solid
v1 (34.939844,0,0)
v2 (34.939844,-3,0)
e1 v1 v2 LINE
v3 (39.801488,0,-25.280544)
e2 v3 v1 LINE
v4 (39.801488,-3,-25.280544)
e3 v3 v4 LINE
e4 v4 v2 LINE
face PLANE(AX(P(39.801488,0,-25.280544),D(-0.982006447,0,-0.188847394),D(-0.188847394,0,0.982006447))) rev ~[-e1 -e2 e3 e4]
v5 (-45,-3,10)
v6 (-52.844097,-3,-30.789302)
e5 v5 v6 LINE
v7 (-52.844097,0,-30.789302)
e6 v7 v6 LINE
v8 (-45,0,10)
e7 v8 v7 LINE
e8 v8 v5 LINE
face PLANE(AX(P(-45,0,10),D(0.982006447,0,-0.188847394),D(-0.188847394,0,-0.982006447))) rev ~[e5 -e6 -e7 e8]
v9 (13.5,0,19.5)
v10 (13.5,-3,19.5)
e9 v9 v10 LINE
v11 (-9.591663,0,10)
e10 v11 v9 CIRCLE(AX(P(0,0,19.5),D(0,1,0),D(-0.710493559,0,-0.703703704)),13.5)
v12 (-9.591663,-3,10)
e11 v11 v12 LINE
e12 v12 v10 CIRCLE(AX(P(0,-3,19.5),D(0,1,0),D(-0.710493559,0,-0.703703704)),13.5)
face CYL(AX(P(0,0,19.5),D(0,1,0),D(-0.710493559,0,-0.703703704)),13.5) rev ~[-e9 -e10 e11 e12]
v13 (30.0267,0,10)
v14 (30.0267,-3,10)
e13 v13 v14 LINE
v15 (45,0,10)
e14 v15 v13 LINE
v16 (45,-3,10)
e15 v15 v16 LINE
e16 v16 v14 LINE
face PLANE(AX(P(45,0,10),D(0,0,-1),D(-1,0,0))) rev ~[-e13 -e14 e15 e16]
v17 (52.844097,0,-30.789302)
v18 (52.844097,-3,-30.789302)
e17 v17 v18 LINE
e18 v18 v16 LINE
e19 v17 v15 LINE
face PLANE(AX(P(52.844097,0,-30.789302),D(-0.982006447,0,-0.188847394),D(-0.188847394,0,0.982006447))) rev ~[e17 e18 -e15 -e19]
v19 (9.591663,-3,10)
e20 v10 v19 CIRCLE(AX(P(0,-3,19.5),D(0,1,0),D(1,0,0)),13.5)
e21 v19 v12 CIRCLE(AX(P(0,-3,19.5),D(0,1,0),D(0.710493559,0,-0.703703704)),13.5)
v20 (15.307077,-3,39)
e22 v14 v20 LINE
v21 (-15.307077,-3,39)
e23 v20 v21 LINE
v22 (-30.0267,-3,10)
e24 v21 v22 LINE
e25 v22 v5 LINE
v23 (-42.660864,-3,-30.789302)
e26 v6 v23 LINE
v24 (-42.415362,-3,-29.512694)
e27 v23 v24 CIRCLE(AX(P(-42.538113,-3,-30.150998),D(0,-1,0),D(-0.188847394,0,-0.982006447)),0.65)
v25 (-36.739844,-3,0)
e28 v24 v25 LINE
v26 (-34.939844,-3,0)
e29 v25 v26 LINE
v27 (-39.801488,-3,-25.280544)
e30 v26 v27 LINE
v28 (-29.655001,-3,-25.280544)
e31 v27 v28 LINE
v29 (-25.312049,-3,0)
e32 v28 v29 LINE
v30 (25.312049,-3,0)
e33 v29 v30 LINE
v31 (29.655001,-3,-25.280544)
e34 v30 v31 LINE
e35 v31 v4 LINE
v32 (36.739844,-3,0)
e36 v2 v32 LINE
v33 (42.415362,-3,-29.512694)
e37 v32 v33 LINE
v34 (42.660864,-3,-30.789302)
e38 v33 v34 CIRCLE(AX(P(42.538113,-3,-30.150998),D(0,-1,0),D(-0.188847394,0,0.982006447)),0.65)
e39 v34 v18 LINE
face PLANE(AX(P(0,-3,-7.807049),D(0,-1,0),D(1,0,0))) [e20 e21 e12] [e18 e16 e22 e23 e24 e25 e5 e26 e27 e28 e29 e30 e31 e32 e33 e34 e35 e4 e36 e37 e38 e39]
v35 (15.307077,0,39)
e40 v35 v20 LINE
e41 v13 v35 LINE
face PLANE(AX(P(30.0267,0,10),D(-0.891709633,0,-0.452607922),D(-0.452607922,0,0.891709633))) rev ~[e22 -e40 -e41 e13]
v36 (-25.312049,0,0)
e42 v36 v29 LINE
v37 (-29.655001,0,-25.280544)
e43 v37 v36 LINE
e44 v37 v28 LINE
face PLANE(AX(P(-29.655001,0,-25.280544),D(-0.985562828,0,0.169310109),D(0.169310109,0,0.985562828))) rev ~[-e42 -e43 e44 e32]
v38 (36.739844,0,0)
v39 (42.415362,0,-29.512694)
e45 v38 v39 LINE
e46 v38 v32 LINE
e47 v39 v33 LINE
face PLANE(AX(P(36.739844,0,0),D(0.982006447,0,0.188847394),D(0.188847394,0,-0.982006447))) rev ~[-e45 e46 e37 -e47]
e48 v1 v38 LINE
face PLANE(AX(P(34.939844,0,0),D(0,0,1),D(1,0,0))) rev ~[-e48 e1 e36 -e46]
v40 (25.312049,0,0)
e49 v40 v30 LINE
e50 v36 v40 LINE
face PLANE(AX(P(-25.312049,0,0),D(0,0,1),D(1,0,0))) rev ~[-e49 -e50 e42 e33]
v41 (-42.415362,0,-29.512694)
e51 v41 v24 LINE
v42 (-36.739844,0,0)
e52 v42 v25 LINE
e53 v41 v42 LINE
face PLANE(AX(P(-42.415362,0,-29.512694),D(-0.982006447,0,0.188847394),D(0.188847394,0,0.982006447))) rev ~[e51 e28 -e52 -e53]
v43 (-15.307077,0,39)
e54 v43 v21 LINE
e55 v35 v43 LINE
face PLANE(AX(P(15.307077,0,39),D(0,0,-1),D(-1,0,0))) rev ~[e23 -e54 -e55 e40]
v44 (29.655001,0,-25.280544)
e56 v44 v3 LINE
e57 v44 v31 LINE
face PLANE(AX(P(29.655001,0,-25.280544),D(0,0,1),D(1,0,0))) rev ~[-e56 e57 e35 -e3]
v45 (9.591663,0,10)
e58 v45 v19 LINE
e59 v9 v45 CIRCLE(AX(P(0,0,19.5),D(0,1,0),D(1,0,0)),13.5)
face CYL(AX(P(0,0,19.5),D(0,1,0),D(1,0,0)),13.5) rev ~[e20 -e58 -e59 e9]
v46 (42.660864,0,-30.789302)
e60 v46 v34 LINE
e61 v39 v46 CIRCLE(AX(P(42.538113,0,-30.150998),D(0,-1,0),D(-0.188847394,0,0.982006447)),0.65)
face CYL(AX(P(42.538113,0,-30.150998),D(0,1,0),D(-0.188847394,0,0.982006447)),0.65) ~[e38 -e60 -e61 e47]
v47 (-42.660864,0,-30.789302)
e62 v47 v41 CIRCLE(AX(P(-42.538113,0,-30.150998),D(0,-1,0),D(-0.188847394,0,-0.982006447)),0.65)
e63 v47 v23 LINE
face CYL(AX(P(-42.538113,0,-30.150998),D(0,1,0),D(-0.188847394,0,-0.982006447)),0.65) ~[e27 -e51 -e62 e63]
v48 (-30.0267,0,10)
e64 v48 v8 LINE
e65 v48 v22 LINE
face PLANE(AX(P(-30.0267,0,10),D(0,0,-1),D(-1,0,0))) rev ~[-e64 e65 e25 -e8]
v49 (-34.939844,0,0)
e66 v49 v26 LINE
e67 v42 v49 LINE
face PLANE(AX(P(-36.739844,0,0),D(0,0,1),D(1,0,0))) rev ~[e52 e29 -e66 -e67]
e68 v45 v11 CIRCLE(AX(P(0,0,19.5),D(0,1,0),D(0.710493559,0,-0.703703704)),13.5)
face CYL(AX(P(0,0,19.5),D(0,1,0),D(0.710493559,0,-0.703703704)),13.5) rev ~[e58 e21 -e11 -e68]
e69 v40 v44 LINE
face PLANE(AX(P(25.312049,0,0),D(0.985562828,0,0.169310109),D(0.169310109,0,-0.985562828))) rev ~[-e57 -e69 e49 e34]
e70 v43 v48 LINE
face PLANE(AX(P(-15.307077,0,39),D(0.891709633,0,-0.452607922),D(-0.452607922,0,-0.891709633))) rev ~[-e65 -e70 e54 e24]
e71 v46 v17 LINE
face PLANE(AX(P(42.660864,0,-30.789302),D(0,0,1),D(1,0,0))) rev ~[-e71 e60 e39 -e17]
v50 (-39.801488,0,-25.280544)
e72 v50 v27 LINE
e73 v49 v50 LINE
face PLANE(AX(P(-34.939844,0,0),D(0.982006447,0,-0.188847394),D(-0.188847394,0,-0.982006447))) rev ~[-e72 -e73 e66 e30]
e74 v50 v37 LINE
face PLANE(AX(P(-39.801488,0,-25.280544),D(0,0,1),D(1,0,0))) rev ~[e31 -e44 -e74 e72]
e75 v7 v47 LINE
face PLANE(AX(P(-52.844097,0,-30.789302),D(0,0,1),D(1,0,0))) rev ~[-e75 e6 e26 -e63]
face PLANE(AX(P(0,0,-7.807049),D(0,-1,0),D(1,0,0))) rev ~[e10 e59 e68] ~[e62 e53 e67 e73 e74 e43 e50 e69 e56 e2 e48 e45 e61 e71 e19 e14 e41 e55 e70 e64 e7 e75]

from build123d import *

# Parameters (mm, degrees)
F1_DEPTH = 3


with BuildPart() as f1:
    # F0 (on Front) → F1 (new body)
    with BuildSketch(Plane.XZ):
        with BuildLine():
            Line((39.8014875715, -25.2805444086), (34.9398443952, 0))
            Line((34.9398443952, 0), (36.7398443952, 0))
            Line((36.7398443952, 0), (42.4153624601, -29.5126938112))
            Line((42.4153624601, -29.5126938112), (42.6608640728, -30.7893021921))
            Line((42.6608640728, -30.7893021921), (52.8440966089, -30.7893021921))
            Line((52.8440966089, -30.7893021921), (45, 10))
            Line((45, 10), (30.0267003477, 10))
            Line((30.0267003477, 10), (9.5916630466, 10))
            ThreePointArc((9.5916630466, 10), (0, 6), (-9.5916630466, 10))
            Line((-9.5916630466, 10), (-30.0267003477, 10))
            Line((-30.0267003477, 10), (-45, 10))
            Line((-45, 10), (-52.8440966089, -30.7893021921))
            Line((-52.8440966089, -30.7893021921), (-42.6608640728, -30.7893021921))
            Line((-42.6608640728, -30.7893021921), (-42.4153624601, -29.5126938112))
            Line((-42.4153624601, -29.5126938112), (-36.7398443952, 0))
            Line((-36.7398443952, 0), (-34.9398443952, 0))
            Line((-34.9398443952, 0), (-39.8014875715, -25.2805444086))
            Line((-39.8014875715, -25.2805444086), (-29.6550009954, -25.2805444086))
            Line((-29.6550009954, -25.2805444086), (-25.3120493338, 0))
            Line((-25.3120493338, 0), (0, 0))
            Line((0, 0), (25.3120493338, 0))
            Line((25.3120493338, 0), (29.6550009954, -25.2805444086))
            Line((29.6550009954, -25.2805444086), (39.8014875715, -25.2805444086))
        make_face()
        with BuildLine():
            Line((42.6608640728, -30.7893021921), (42.4153624601, -29.5126938112))
            ThreePointArc((42.4153624601, -29.5126938112), (41.899809076, -30.2737488081), (42.6608640728, -30.7893021921))
        make_face()
        with BuildLine():
            Line((9.5916630466, 10), (30.0267003477, 10))
            Line((30.0267003477, 10), (15.3070772067, 39))
            Line((15.3070772067, 39), (0, 39))
            Line((0, 39), (-15.3070772067, 39))
            Line((-15.3070772067, 39), (-30.0267003477, 10))
            Line((-30.0267003477, 10), (-9.5916630466, 10))
            ThreePointArc((-9.5916630466, 10), (-5.1362704792, 31.9847397075), (13.5, 19.5))
            ThreePointArc((13.5, 19.5), (12.4847397075, 14.3637295208), (9.5916630466, 10))
        make_face()
        with BuildLine():
            ThreePointArc((-42.6608640728, -30.7893021921), (-41.899809076, -30.2737488081), (-42.4153624601, -29.5126938112))
            Line((-42.4153624601, -29.5126938112), (-42.6608640728, -30.7893021921))
        make_face()
    extrude(amount=F1_DEPTH)


solid = f1.part
